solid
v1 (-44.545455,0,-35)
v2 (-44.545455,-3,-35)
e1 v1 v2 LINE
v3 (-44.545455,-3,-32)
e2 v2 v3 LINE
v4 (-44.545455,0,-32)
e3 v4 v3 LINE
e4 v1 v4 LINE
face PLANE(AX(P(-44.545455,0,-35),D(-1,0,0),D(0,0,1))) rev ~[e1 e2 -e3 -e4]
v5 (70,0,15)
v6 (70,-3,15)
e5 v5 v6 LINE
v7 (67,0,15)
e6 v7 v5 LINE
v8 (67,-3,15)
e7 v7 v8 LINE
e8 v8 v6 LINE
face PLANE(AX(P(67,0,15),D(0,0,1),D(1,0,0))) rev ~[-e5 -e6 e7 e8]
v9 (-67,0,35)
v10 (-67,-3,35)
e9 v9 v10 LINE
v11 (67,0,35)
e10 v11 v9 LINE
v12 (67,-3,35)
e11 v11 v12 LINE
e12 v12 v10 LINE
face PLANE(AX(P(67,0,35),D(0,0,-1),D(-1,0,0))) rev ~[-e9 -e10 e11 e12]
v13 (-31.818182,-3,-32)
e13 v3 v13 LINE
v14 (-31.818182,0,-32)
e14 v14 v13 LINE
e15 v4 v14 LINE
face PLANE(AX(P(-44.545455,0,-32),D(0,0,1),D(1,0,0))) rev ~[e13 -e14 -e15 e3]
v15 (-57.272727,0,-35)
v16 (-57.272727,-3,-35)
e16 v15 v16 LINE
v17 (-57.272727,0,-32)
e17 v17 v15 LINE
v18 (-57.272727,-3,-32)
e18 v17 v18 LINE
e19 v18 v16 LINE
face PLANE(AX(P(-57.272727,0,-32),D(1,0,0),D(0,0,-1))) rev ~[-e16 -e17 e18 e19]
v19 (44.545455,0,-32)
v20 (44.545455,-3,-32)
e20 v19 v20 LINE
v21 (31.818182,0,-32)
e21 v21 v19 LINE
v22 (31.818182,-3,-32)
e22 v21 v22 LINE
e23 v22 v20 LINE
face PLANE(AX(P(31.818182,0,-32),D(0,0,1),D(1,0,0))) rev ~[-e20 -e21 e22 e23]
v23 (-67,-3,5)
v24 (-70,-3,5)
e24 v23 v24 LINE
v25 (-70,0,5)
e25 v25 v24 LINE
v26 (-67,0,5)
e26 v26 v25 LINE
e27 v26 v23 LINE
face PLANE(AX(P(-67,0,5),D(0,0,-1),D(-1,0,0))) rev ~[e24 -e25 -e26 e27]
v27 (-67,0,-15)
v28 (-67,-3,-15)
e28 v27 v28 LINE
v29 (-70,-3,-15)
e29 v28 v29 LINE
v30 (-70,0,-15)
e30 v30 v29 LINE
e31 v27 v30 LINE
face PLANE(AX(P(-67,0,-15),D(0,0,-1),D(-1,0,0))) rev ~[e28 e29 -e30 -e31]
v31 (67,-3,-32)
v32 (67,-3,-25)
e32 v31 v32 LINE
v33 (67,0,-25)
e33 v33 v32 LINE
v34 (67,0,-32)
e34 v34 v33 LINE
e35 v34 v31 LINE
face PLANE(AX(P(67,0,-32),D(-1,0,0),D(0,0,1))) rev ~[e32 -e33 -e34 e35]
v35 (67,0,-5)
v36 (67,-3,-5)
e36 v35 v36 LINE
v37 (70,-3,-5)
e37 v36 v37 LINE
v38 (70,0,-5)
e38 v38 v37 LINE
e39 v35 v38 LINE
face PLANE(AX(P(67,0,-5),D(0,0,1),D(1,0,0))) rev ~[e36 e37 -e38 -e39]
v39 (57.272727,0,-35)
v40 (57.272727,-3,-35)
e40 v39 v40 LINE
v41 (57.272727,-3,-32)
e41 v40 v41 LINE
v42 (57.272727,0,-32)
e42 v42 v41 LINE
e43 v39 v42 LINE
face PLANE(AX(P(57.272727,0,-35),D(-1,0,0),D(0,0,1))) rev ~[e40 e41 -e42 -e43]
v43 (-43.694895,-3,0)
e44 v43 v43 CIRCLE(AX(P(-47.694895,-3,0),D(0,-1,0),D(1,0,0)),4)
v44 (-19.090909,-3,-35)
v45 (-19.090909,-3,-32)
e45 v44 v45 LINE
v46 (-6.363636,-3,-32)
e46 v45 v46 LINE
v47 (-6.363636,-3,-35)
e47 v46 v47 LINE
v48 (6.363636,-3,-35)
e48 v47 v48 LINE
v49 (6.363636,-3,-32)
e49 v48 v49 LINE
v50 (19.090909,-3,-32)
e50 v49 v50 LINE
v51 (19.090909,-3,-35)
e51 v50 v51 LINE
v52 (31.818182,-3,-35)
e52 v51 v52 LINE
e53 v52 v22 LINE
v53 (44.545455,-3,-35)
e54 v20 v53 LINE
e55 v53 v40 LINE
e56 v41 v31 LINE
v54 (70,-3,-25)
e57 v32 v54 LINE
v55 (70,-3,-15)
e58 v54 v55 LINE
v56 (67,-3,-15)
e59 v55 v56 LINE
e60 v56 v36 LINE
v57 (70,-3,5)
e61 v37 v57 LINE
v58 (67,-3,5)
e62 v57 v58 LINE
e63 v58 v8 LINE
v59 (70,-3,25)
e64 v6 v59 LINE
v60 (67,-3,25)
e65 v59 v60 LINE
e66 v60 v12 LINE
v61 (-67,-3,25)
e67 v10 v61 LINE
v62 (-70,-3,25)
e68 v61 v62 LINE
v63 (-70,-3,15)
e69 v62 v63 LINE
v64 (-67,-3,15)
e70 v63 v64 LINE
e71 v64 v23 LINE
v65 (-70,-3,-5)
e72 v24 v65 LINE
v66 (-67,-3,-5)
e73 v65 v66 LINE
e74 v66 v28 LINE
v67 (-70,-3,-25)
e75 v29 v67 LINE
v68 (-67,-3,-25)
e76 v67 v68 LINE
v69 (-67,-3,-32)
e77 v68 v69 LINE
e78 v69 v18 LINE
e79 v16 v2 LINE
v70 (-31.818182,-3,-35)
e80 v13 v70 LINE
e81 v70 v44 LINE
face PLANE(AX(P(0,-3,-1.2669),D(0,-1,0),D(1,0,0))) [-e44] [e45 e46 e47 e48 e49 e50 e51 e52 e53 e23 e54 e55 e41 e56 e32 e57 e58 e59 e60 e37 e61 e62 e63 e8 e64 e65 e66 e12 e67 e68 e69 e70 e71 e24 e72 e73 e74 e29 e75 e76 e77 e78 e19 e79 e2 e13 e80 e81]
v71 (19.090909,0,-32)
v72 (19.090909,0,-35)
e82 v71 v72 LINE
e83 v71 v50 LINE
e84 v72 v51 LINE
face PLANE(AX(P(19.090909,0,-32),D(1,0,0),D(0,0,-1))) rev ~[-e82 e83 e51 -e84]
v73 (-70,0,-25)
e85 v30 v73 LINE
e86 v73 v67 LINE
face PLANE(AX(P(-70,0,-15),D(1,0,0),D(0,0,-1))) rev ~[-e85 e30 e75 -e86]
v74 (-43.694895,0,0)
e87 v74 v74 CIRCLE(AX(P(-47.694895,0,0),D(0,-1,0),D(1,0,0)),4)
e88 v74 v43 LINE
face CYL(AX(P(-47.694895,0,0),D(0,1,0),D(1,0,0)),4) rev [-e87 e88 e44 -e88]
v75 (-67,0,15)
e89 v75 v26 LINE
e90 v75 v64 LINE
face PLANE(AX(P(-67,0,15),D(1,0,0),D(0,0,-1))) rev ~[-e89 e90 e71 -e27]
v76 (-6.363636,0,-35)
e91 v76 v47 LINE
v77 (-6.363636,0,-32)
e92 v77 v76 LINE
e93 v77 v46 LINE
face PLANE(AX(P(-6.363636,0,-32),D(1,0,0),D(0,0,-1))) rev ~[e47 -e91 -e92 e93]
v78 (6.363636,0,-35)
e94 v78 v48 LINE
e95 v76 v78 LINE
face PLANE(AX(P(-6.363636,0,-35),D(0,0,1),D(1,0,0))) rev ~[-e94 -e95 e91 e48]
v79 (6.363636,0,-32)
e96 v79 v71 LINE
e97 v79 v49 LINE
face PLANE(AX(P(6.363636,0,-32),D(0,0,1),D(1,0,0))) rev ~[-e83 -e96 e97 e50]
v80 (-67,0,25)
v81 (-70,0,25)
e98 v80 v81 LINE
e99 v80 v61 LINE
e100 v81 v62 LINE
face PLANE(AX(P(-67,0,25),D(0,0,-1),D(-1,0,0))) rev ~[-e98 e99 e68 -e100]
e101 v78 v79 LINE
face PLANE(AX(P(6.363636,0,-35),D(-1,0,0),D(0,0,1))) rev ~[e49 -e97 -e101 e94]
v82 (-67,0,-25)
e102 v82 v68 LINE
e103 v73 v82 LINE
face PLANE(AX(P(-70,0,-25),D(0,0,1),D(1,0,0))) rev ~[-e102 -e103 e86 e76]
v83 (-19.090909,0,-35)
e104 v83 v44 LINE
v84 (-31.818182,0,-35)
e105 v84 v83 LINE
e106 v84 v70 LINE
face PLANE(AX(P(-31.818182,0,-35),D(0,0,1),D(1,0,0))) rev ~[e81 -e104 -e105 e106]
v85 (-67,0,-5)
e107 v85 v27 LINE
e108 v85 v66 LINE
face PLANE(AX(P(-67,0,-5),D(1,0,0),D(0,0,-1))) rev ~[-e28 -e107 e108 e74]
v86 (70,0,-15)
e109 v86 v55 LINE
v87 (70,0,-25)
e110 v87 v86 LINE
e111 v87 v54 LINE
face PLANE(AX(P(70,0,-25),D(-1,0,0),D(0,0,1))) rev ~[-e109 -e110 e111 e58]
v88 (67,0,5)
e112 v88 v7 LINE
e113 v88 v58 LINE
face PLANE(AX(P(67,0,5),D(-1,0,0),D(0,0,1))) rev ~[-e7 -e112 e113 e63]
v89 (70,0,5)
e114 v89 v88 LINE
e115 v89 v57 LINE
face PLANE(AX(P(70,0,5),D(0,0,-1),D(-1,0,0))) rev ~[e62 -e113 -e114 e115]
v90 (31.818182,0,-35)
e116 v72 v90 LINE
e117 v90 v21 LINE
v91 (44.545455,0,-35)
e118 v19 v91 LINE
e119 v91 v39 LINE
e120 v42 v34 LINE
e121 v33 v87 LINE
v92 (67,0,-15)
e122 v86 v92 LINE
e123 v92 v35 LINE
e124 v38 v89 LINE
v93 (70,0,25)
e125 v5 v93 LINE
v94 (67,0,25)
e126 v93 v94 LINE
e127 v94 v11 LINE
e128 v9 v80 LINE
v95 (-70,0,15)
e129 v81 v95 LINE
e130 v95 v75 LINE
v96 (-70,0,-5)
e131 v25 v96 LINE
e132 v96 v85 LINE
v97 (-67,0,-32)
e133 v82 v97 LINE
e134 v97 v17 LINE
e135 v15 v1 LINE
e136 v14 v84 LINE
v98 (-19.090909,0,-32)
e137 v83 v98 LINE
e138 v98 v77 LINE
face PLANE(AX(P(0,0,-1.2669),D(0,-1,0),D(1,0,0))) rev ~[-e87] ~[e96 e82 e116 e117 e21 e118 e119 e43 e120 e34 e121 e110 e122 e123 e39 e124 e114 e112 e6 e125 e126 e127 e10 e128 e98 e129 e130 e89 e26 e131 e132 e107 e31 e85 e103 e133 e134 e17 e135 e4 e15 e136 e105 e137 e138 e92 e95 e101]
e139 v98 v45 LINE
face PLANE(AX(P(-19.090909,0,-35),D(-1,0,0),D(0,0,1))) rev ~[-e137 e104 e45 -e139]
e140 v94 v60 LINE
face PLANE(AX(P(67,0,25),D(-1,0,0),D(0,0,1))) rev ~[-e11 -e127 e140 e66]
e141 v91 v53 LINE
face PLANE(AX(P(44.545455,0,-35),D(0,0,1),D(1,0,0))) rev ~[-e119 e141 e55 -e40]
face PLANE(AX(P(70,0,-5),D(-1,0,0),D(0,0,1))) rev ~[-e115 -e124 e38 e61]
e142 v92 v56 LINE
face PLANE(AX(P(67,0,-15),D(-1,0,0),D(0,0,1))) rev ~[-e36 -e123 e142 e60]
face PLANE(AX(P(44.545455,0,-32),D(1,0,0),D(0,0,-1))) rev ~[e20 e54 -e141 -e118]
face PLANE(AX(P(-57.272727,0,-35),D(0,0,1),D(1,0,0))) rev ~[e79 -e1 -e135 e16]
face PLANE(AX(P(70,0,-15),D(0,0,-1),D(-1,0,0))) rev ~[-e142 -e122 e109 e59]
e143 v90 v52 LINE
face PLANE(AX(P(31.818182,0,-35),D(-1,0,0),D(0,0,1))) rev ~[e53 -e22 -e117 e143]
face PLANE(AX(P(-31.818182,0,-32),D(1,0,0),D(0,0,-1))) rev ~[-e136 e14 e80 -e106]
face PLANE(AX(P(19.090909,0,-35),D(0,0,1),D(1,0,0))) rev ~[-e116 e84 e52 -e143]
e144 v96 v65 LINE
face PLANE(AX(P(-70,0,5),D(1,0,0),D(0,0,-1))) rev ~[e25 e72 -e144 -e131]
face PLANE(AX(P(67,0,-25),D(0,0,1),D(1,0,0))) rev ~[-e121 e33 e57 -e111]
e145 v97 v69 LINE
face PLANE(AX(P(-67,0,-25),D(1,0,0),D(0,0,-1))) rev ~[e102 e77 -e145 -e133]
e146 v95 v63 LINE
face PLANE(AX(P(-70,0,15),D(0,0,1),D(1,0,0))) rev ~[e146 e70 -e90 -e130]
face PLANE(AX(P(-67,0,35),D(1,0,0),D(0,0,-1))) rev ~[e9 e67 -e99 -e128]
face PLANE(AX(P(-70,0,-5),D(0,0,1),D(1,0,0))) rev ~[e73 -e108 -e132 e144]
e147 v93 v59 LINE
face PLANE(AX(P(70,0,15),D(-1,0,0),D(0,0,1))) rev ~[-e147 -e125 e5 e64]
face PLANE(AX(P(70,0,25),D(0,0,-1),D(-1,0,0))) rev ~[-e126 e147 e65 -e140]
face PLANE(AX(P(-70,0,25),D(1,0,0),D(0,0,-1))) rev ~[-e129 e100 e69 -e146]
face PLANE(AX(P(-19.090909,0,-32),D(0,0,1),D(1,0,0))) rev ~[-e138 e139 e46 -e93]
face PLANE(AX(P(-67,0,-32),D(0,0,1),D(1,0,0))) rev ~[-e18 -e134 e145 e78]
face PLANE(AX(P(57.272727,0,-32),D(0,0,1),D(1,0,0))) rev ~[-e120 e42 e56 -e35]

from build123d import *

# Parameters (mm, degrees)
F0_R     = 4
F1_DEPTH = 3


with BuildPart() as f1:
    # F0 (on Front) → F1 (new body)
    with BuildSketch(Plane.XZ):
        Polygon((67, 25), (67, 35), (-67, 35), (-67, 25), (-70, 25), (-70, 15), (-67, 15), (-67, 5), (-70, 5), (-70, -5), (-67, -5), (-67, -15), (-70, -15), (-70, -25), (-67, -25), (-67, -32), (-57.272727, -32), (-57.272727, -35), (-44.545455, -35), (-44.545455, -32), (-31.818182, -32), (-31.818182, -35), (-19.090909, -35), (-19.090909, -32), (-6.363636, -32), (-6.363636, -35), (6.363636, -35), (6.363636, -32), (19.090909, -32), (19.090909, -35), (31.818182, -35), (31.818182, -32), (44.545455, -32), (44.545455, -35), (57.272727, -35), (57.272727, -32), (67, -32), (67, -25), (70, -25), (70, -15), (67, -15), (67, -5), (70, -5), (70, 5), (67, 5), (67, 15), (70, 15), (70, 25), align=None)
        with Locations((-47.694895, 0)):
            Circle(F0_R, mode=Mode.SUBTRACT)
    extrude(amount=F1_DEPTH)


solid = f1.part
